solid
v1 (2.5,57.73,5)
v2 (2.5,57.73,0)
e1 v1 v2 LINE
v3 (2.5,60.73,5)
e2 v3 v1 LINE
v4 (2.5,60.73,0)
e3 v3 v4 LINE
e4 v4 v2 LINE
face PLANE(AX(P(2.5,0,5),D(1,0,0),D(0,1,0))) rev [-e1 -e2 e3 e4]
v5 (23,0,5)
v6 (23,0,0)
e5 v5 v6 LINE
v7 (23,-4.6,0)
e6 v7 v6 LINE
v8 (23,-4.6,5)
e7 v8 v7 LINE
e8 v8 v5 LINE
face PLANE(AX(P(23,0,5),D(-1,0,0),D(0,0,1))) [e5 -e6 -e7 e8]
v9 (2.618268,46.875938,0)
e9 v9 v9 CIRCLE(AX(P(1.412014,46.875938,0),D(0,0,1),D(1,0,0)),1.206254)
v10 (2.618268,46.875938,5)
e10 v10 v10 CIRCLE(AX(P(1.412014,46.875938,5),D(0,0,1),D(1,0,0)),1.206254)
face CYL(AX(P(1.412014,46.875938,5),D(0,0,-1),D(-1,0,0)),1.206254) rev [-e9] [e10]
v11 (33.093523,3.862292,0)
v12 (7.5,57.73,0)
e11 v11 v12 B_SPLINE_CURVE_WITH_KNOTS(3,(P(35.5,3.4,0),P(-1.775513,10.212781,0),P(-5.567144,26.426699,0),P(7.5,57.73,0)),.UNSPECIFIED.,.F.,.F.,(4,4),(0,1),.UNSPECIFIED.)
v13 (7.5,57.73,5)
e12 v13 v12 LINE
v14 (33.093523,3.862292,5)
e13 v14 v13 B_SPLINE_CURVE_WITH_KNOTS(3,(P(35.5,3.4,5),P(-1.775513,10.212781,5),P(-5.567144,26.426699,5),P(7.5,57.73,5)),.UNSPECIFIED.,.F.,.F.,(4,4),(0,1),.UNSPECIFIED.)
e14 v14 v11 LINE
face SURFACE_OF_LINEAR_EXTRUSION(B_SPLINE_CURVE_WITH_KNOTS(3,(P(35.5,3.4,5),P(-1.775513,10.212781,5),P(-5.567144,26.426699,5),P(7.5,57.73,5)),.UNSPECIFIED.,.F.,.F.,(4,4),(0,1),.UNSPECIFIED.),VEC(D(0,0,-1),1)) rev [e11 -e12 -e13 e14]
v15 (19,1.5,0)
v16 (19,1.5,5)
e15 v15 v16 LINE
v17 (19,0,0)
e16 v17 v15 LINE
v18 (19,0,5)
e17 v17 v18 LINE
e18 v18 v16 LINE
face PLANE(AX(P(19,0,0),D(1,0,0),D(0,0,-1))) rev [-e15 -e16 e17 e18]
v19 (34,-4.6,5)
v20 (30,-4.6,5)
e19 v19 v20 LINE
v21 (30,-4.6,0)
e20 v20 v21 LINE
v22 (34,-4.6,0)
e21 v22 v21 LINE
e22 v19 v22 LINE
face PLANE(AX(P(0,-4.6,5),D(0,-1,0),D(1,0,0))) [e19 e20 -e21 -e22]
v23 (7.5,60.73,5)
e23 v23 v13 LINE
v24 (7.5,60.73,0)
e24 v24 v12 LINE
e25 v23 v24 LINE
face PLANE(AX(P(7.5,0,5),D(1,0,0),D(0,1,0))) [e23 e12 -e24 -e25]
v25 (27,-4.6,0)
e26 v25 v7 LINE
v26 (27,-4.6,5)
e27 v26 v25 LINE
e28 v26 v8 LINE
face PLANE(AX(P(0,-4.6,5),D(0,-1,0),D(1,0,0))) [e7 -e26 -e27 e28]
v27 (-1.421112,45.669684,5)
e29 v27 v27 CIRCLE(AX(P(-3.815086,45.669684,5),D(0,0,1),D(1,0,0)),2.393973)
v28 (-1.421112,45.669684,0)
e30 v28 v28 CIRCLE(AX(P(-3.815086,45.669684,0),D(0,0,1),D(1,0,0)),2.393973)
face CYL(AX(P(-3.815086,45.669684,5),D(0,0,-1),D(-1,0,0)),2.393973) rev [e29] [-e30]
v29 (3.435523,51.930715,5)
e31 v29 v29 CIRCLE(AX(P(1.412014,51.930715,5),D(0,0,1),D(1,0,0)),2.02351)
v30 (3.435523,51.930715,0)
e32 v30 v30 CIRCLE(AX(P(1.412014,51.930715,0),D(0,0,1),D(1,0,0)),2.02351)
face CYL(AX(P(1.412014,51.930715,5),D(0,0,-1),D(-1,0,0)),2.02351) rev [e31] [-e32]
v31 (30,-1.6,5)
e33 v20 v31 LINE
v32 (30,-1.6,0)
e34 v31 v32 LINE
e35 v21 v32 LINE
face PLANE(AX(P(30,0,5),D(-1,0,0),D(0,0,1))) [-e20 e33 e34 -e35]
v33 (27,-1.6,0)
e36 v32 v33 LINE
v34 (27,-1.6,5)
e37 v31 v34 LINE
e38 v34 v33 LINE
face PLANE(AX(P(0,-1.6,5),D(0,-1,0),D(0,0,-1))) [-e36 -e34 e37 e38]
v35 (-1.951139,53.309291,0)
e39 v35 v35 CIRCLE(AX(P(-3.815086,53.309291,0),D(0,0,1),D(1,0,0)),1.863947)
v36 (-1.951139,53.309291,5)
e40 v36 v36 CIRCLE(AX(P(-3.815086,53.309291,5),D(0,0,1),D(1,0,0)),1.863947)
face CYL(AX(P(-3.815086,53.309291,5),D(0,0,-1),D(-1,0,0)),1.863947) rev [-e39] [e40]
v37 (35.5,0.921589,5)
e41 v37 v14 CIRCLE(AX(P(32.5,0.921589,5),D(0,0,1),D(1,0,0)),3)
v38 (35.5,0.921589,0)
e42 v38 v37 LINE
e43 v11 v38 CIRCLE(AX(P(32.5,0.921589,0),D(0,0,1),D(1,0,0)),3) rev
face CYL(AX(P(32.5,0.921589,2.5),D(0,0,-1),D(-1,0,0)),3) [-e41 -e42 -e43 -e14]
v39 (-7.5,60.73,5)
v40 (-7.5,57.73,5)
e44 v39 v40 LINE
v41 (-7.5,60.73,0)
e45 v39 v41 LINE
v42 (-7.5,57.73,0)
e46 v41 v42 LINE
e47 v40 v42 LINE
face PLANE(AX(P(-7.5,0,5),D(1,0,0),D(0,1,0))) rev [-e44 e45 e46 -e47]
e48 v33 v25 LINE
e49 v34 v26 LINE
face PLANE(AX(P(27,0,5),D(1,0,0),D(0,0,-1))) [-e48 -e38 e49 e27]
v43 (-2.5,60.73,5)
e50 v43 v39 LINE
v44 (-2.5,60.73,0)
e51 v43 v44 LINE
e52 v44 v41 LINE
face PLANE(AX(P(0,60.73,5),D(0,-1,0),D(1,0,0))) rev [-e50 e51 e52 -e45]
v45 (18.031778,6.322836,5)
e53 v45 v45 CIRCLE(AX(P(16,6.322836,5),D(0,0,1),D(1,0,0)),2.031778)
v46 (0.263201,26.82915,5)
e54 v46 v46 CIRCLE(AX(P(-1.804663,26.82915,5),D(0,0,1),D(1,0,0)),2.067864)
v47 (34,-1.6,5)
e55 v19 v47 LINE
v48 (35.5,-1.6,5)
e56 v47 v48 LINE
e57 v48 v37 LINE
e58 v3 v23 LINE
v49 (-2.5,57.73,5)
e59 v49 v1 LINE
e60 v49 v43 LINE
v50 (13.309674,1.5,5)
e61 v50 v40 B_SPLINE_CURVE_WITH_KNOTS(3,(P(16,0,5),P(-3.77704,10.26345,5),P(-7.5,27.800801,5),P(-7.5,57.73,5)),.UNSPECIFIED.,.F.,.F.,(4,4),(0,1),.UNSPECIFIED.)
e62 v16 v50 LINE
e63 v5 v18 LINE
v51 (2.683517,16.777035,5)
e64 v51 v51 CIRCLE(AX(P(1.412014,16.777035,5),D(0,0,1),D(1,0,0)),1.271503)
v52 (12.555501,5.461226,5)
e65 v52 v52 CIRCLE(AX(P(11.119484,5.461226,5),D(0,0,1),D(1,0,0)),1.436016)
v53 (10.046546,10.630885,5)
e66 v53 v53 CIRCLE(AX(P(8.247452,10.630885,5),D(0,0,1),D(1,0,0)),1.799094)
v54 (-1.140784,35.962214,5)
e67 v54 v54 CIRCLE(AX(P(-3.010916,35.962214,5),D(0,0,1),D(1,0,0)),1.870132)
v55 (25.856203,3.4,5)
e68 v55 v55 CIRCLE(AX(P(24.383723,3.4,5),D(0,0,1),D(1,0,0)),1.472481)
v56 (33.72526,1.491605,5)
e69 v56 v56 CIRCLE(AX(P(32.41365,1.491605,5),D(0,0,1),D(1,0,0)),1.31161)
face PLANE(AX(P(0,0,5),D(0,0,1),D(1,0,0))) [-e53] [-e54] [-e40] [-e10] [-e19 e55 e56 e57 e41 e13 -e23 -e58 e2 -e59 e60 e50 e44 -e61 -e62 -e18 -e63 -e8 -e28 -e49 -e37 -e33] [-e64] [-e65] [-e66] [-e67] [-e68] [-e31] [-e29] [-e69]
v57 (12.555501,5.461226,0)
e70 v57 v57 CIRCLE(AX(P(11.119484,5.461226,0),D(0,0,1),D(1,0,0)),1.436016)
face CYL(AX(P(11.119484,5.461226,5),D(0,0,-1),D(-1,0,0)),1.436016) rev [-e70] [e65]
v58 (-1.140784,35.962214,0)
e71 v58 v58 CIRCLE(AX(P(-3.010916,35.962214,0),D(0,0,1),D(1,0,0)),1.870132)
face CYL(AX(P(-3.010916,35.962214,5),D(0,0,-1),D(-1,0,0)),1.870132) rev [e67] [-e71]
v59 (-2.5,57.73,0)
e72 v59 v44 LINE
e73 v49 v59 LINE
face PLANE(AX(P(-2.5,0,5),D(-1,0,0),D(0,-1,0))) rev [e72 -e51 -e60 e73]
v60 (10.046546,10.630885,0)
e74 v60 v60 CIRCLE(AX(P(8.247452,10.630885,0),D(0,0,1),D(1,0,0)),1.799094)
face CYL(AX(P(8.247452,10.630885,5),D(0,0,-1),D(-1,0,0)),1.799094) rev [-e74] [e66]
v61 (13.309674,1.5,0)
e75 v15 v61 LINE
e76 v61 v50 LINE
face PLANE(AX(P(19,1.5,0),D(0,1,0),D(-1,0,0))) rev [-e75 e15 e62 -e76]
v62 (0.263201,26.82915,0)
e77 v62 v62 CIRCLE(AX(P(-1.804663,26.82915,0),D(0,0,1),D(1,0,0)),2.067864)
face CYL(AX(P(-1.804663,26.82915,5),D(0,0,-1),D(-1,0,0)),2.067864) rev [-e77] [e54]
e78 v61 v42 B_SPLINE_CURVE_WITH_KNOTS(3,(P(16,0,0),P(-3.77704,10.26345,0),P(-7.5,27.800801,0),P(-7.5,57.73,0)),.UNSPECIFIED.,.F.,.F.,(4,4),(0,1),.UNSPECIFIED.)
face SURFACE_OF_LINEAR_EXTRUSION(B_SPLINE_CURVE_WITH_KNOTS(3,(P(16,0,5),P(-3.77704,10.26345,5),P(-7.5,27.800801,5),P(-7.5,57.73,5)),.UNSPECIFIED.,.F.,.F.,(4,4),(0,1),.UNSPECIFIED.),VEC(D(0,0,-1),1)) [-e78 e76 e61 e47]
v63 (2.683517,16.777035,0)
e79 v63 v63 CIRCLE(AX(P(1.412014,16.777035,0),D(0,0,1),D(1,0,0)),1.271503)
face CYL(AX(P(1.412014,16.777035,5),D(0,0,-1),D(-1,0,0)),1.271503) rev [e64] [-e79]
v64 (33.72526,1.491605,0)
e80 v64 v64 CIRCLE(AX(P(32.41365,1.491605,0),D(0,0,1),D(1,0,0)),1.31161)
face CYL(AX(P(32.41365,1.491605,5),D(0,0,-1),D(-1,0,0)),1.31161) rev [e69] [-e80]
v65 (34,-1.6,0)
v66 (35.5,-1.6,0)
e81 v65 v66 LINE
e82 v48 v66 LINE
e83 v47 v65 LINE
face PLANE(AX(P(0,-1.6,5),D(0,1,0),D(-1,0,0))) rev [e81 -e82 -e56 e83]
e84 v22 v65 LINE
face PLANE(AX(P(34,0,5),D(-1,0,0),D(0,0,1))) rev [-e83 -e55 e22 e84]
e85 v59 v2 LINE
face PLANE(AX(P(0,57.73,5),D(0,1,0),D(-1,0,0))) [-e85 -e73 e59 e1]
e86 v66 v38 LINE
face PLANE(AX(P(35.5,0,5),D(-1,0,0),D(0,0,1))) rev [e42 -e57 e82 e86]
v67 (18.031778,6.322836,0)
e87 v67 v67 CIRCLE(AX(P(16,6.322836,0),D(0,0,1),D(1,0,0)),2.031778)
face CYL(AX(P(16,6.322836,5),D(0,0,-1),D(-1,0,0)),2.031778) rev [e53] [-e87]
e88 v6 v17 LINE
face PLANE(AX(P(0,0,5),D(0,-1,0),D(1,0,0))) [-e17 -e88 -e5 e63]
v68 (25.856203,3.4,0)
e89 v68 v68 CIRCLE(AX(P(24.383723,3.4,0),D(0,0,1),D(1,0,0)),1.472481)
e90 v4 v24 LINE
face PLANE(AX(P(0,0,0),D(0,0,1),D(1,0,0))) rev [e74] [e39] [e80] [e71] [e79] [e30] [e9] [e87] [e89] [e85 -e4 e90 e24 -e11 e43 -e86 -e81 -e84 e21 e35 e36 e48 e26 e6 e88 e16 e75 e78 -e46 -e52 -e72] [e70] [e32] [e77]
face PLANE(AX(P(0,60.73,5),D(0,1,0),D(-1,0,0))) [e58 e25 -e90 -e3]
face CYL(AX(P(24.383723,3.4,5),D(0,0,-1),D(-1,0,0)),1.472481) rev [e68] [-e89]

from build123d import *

# Parameters (mm, degrees)
ESQUISSE3_R             = 1.863947
ESQUISSE3_R_2           = 2.023509578
ESQUISSE3_R_3           = 2.393973193
ESQUISSE3_R_4           = 1.206253728
ESQUISSE3_R_5           = 1.870132193
ESQUISSE3_R_6           = 2.067863533
ESQUISSE3_R_7           = 1.271503072
ESQUISSE3_R_8           = 1.799094092
ESQUISSE3_R_9           = 1.436016343
ESQUISSE3_R_10          = 2.031777992
ESQUISSE3_R_11          = 1.472480674
ESQUISSE3_R_12          = 1.31161039
BOSS_EXTRU_1_DEPTH      = 5
ESQUISSE4_W             = 5.690326356
ESQUISSE4_H             = 1.5
ENL_V_MAT_EXTRU_1_DEPTH = 71.522215792
CONG_1_R                = 3


with BuildPart() as part:
    # Esquisse3 → Boss.-Extru.1 (new body)
    with BuildSketch(Plane.XY):
        with BuildLine():
            Line((30, -4.6), (30, -1.6))
            Line((30, -1.6), (27, -1.6))
            Line((27, -1.6), (27, -4.6))
            Line((27, -4.6), (23, -4.6))
            Line((23, -4.6), (23, 0))
            Line((23, 0), (16, 0))
            add(Edge.make_bspline(
                [(16, 0), (-3.777040209, 10.263449678), (-7.5, 27.800800799), (-7.5, 57.73)],
                knots=[0, 0, 0, 0, 1, 1, 1, 1], degree=3))
            Line((-7.5, 57.73), (-7.5, 60.73))
            Line((-7.5, 60.73), (-2.5, 60.73))
            Line((-2.5, 60.73), (-2.5, 57.73))
            Line((-2.5, 57.73), (0, 57.73))
            Line((0, 57.73), (2.5, 57.73))
            Line((2.5, 57.73), (2.5, 60.73))
            Line((2.5, 60.73), (7.5, 60.73))
            Line((7.5, 60.73), (7.5, 57.73))
            add(Edge.make_bspline(
                [(35.5, 3.4), (-1.775512635, 10.212780912), (-5.567144123, 26.426699492), (7.5, 57.73)],
                knots=[0, 0, 0, 0, 1, 1, 1, 1], degree=3))
            Line((35.5, 3.4), (35.5, -1.6))
            Line((35.5, -1.6), (34, -1.6))
            Line((34, -1.6), (34, -4.6))
            Line((34, -4.6), (30, -4.6))
        make_face()
        with Locations((-3.815085589, 53.309291012)):
            Circle(ESQUISSE3_R, mode=Mode.SUBTRACT)
        with Locations((1.412013898, 51.930715323)):
            Circle(ESQUISSE3_R_2, mode=Mode.SUBTRACT)
        with Locations((-3.815085589, 45.669684069)):
            Circle(ESQUISSE3_R_3, mode=Mode.SUBTRACT)
        with Locations((1.412013898, 46.875937797)):
            Circle(ESQUISSE3_R_4, mode=Mode.SUBTRACT)
        with Locations((-3.010916437, 35.962213594)):
            Circle(ESQUISSE3_R_5, mode=Mode.SUBTRACT)
        with Locations((-1.804662709, 26.829149655)):
            Circle(ESQUISSE3_R_6, mode=Mode.SUBTRACT)
        with Locations((1.412013898, 16.777035258)):
            Circle(ESQUISSE3_R_7, mode=Mode.SUBTRACT)
        with Locations((8.247451688, 10.630885312)):
            Circle(ESQUISSE3_R_8, mode=Mode.SUBTRACT)
        with Locations((11.119484373, 5.461226479)):
            Circle(ESQUISSE3_R_9, mode=Mode.SUBTRACT)
        with Locations((16, 6.322836284)):
            Circle(ESQUISSE3_R_10, mode=Mode.SUBTRACT)
        with Locations((24.383722678, 3.4)):
            Circle(ESQUISSE3_R_11, mode=Mode.SUBTRACT)
        with Locations((32.413649645, 1.491605314)):
            Circle(ESQUISSE3_R_12, mode=Mode.SUBTRACT)
    extrude(amount=BOSS_EXTRU_1_DEPTH)

    # Esquisse4 → Enlèv. mat.-Extru.1 (cut, through all)
    with BuildSketch(Plane.XY.offset(5)):
        with Locations((16.154836822, 0.75)):
            Rectangle(ESQUISSE4_W, ESQUISSE4_H)
    extrude(amount=-ENL_V_MAT_EXTRU_1_DEPTH, mode=Mode.SUBTRACT)

    # Congé1
    cong_1_edges = [part.edges().sort_by_distance(p)[0] for p in [
        (35.5, 3.4, 2.5),
    ]]
    fillet(cong_1_edges, radius=CONG_1_R)


solid = part.part
